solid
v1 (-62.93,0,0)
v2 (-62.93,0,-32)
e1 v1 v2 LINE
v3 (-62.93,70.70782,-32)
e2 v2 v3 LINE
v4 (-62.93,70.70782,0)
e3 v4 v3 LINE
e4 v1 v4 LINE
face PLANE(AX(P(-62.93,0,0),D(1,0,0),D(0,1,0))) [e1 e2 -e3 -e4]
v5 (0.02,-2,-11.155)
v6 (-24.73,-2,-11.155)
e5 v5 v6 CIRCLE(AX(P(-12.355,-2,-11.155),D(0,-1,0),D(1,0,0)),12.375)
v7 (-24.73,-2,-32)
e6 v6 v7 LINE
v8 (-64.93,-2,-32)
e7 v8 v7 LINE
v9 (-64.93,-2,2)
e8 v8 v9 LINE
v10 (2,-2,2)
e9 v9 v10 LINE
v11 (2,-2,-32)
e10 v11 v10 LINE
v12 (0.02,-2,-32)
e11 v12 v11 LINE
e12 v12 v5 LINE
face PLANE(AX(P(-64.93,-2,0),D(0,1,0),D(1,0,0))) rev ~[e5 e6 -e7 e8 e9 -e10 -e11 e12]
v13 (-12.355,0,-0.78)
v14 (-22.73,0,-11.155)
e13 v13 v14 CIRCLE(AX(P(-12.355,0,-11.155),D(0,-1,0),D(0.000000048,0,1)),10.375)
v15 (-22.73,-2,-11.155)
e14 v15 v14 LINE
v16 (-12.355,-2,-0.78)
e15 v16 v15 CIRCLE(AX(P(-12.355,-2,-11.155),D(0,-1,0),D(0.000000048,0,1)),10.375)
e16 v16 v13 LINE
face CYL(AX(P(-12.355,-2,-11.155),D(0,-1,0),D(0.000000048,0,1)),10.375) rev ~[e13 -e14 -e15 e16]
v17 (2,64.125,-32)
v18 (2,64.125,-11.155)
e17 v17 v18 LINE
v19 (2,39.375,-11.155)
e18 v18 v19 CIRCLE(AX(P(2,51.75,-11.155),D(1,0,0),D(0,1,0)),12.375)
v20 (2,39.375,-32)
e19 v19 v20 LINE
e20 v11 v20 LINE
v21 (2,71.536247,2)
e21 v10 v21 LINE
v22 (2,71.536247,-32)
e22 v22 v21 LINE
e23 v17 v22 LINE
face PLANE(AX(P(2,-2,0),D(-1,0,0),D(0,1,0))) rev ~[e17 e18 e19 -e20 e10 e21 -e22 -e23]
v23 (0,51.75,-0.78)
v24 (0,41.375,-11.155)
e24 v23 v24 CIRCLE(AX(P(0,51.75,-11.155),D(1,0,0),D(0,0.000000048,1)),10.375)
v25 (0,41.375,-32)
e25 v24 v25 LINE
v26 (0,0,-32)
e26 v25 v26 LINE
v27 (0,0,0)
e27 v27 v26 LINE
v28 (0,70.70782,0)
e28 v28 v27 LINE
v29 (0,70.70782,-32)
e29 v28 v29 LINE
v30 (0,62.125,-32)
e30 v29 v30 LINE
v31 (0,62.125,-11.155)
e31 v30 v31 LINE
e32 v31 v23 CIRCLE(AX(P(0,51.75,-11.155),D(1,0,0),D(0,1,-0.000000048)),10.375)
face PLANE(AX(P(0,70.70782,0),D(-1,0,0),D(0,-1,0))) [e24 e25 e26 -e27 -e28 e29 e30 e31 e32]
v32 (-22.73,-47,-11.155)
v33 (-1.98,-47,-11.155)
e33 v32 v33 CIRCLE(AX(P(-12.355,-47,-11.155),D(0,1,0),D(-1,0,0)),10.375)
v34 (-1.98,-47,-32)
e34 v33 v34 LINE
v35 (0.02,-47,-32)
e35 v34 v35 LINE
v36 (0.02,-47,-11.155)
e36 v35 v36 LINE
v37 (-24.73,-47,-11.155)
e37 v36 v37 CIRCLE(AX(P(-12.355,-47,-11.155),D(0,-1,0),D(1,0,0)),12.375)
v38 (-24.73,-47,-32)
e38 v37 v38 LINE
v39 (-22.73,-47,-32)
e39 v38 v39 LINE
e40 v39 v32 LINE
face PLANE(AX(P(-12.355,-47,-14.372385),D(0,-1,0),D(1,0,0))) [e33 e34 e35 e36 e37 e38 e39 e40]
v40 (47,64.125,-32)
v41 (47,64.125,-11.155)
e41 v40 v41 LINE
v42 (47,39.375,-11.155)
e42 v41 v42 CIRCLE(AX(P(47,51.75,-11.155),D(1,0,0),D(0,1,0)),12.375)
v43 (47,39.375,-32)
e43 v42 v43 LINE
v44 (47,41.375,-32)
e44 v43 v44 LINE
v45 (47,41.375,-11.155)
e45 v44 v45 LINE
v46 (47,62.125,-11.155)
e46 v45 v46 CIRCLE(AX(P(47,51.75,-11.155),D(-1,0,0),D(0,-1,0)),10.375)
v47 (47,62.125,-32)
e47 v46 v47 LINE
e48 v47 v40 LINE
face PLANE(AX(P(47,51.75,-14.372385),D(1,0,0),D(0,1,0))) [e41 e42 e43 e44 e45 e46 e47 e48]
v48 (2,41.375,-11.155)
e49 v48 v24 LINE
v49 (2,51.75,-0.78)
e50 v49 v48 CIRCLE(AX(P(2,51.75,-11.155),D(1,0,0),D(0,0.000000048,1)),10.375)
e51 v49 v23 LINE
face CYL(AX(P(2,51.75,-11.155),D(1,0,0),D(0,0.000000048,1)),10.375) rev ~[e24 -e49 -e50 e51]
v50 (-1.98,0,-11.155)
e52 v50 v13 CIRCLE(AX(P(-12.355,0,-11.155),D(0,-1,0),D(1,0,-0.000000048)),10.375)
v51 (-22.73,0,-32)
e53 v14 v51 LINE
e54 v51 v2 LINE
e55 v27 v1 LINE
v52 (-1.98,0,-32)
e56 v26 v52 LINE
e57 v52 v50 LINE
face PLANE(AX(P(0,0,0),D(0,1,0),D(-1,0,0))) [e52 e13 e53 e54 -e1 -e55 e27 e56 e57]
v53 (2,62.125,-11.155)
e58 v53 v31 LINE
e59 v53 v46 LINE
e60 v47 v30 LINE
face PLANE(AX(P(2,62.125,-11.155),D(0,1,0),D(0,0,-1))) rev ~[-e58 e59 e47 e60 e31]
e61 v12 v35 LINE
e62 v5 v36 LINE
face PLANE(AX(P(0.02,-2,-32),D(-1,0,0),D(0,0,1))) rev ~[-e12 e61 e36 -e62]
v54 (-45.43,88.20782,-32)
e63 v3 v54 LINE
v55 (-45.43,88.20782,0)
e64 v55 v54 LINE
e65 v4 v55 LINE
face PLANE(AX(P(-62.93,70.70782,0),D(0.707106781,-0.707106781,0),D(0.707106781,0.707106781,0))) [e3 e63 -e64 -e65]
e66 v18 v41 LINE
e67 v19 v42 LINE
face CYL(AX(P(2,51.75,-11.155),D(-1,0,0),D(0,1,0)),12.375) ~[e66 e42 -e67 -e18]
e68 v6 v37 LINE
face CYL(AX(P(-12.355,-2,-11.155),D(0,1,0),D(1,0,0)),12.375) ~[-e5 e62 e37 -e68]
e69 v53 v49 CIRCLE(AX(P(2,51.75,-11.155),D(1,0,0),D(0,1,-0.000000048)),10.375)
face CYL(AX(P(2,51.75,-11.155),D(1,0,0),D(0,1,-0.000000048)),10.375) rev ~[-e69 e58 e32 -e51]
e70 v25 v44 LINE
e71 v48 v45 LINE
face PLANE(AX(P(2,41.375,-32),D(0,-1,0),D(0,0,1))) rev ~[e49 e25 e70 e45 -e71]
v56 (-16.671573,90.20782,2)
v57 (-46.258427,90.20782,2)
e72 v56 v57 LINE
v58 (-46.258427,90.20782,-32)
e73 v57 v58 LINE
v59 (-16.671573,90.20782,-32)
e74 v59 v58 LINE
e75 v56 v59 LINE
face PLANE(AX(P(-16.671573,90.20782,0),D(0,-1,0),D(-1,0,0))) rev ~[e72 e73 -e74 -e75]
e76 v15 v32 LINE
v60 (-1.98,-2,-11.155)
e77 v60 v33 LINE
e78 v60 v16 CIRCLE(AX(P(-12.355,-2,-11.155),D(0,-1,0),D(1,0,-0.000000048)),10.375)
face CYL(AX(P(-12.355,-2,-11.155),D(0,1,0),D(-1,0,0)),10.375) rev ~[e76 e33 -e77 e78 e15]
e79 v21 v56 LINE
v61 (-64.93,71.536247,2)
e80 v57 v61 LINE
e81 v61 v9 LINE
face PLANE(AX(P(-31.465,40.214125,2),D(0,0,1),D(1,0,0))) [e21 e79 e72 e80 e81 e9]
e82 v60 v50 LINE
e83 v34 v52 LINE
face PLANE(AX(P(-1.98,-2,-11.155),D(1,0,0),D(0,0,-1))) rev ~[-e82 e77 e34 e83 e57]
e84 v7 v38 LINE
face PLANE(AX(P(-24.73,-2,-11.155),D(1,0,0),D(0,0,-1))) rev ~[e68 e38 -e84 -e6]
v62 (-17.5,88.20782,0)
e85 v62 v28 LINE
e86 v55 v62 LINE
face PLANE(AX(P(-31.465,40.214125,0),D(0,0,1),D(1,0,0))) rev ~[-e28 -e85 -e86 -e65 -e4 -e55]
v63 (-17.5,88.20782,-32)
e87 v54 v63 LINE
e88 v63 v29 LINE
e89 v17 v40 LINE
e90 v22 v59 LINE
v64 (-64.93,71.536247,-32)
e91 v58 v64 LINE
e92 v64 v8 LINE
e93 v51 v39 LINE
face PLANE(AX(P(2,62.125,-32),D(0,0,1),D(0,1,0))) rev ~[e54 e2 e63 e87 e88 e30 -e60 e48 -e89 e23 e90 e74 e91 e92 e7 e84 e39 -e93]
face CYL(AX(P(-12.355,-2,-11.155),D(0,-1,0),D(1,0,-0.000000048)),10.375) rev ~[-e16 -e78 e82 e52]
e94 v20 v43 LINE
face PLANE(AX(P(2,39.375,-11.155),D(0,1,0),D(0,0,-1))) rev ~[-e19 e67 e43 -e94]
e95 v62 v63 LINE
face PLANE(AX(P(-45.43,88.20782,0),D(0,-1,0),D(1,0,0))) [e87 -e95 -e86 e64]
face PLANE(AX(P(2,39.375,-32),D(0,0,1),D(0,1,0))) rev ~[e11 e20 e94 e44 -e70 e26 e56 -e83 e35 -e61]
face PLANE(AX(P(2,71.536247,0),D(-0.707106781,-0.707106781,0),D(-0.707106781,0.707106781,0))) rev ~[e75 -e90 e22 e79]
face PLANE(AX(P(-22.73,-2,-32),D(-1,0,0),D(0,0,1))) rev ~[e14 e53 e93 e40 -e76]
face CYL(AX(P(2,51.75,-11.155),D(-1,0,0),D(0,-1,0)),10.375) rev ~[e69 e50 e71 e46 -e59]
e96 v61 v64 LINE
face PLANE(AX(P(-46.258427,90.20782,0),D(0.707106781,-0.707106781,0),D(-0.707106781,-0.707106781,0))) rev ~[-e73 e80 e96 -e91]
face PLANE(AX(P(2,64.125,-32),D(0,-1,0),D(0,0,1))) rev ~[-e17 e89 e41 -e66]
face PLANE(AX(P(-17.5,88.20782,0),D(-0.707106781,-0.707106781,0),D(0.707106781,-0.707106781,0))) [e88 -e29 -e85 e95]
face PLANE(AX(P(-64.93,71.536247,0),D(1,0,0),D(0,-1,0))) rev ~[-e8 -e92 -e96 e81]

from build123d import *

# Parameters (mm, degrees)
F1_DEPTH  = 32
F3_DEPTH  = 2
F5_DEPTH  = 2
F7_DEPTH  = 2
F9_DEPTH  = 45
F11_DEPTH = 45


with BuildPart() as f1:
    # F0 (on Top) → F1 (new body)
    with BuildSketch(Plane.XY):
        Polygon((2, 71.536247), (-16.671573, 90.20782), (-46.258427, 90.20782), (-64.93, 71.536247), (-64.93, -2), (2, -2), align=None)
        Polygon((0, 70.70782), (0, 0), (-62.93, 0), (-62.93, 70.70782), (-45.43, 88.20782), (-17.5, 88.20782), align=None, mode=Mode.SUBTRACT)
    extrude(amount=-F1_DEPTH)

    # F2 (on face) → F3 (join)
    with BuildSketch(Plane.XY):
        Polygon((-64.93, 71.536247), (-64.93, -2), (2, -2), (2, 71.536247), (-16.671573, 90.20782), (-46.258427, 90.20782), align=None)
    extrude(amount=F3_DEPTH)

    # F4 (on face) → F5 (cut)
    with BuildSketch(Plane.XZ.offset(2)):
        with BuildLine():
            ThreePointArc((-12.355, -0.78), (-19.691233, -3.818767), (-22.73, -11.155))
            Line((-22.73, -11.155), (-22.73, -32))
            Line((-22.73, -32), (-1.98, -32))
            Line((-1.98, -32), (-1.98, -11.155))
            ThreePointArc((-1.98, -11.155), (-5.018767, -3.818767), (-12.355, -0.78))
        make_face()
    extrude(amount=-F5_DEPTH, mode=Mode.SUBTRACT)

    # F6 (on face) → F7 (cut)
    with BuildSketch(Plane.YZ.offset(2)):
        with BuildLine():
            Line((62.125, -32), (62.125, -11.155))
            ThreePointArc((62.125, -11.155), (59.086233, -3.818767), (51.75, -0.78))
            ThreePointArc((51.75, -0.78), (44.413767, -3.818767), (41.375, -11.155))
            Line((41.375, -11.155), (41.375, -32))
            Line((41.375, -32), (62.125, -32))
        make_face()
    extrude(amount=-F7_DEPTH, mode=Mode.SUBTRACT)

    # F8 (on face) → F9 (join)
    with BuildSketch(Plane.XZ.offset(2)):
        with BuildLine():
            ThreePointArc((0.02, -11.155), (-12.355, 1.22), (-24.73, -11.155))
            Line((-24.73, -11.155), (-24.73, -32))
            Line((-24.73, -32), (-22.73, -32))
            Line((-22.73, -32), (-22.73, -11.155))
            ThreePointArc((-22.73, -11.155), (-12.355, -0.78), (-1.98, -11.155))
            Line((-1.98, -11.155), (-1.98, -32))
            Line((-1.98, -32), (0.02, -32))
            Line((0.02, -32), (0.02, -11.155))
        make_face()
    extrude(amount=F9_DEPTH)

    # F10 (on face) → F11 (join)
    with BuildSketch(Plane.YZ.offset(2)):
        with BuildLine():
            ThreePointArc((64.125, -11.155), (51.75, 1.22), (39.375, -11.155))
            Line((39.375, -11.155), (39.375, -32))
            Line((39.375, -32), (41.375, -32))
            Line((41.375, -32), (41.375, -11.155))
            ThreePointArc((41.375, -11.155), (51.75, -0.78), (62.125, -11.155))
            Line((62.125, -11.155), (62.125, -32))
            Line((62.125, -32), (64.125, -32))
            Line((64.125, -32), (64.125, -11.155))
        make_face()
    extrude(amount=F11_DEPTH)


solid = f1.part
